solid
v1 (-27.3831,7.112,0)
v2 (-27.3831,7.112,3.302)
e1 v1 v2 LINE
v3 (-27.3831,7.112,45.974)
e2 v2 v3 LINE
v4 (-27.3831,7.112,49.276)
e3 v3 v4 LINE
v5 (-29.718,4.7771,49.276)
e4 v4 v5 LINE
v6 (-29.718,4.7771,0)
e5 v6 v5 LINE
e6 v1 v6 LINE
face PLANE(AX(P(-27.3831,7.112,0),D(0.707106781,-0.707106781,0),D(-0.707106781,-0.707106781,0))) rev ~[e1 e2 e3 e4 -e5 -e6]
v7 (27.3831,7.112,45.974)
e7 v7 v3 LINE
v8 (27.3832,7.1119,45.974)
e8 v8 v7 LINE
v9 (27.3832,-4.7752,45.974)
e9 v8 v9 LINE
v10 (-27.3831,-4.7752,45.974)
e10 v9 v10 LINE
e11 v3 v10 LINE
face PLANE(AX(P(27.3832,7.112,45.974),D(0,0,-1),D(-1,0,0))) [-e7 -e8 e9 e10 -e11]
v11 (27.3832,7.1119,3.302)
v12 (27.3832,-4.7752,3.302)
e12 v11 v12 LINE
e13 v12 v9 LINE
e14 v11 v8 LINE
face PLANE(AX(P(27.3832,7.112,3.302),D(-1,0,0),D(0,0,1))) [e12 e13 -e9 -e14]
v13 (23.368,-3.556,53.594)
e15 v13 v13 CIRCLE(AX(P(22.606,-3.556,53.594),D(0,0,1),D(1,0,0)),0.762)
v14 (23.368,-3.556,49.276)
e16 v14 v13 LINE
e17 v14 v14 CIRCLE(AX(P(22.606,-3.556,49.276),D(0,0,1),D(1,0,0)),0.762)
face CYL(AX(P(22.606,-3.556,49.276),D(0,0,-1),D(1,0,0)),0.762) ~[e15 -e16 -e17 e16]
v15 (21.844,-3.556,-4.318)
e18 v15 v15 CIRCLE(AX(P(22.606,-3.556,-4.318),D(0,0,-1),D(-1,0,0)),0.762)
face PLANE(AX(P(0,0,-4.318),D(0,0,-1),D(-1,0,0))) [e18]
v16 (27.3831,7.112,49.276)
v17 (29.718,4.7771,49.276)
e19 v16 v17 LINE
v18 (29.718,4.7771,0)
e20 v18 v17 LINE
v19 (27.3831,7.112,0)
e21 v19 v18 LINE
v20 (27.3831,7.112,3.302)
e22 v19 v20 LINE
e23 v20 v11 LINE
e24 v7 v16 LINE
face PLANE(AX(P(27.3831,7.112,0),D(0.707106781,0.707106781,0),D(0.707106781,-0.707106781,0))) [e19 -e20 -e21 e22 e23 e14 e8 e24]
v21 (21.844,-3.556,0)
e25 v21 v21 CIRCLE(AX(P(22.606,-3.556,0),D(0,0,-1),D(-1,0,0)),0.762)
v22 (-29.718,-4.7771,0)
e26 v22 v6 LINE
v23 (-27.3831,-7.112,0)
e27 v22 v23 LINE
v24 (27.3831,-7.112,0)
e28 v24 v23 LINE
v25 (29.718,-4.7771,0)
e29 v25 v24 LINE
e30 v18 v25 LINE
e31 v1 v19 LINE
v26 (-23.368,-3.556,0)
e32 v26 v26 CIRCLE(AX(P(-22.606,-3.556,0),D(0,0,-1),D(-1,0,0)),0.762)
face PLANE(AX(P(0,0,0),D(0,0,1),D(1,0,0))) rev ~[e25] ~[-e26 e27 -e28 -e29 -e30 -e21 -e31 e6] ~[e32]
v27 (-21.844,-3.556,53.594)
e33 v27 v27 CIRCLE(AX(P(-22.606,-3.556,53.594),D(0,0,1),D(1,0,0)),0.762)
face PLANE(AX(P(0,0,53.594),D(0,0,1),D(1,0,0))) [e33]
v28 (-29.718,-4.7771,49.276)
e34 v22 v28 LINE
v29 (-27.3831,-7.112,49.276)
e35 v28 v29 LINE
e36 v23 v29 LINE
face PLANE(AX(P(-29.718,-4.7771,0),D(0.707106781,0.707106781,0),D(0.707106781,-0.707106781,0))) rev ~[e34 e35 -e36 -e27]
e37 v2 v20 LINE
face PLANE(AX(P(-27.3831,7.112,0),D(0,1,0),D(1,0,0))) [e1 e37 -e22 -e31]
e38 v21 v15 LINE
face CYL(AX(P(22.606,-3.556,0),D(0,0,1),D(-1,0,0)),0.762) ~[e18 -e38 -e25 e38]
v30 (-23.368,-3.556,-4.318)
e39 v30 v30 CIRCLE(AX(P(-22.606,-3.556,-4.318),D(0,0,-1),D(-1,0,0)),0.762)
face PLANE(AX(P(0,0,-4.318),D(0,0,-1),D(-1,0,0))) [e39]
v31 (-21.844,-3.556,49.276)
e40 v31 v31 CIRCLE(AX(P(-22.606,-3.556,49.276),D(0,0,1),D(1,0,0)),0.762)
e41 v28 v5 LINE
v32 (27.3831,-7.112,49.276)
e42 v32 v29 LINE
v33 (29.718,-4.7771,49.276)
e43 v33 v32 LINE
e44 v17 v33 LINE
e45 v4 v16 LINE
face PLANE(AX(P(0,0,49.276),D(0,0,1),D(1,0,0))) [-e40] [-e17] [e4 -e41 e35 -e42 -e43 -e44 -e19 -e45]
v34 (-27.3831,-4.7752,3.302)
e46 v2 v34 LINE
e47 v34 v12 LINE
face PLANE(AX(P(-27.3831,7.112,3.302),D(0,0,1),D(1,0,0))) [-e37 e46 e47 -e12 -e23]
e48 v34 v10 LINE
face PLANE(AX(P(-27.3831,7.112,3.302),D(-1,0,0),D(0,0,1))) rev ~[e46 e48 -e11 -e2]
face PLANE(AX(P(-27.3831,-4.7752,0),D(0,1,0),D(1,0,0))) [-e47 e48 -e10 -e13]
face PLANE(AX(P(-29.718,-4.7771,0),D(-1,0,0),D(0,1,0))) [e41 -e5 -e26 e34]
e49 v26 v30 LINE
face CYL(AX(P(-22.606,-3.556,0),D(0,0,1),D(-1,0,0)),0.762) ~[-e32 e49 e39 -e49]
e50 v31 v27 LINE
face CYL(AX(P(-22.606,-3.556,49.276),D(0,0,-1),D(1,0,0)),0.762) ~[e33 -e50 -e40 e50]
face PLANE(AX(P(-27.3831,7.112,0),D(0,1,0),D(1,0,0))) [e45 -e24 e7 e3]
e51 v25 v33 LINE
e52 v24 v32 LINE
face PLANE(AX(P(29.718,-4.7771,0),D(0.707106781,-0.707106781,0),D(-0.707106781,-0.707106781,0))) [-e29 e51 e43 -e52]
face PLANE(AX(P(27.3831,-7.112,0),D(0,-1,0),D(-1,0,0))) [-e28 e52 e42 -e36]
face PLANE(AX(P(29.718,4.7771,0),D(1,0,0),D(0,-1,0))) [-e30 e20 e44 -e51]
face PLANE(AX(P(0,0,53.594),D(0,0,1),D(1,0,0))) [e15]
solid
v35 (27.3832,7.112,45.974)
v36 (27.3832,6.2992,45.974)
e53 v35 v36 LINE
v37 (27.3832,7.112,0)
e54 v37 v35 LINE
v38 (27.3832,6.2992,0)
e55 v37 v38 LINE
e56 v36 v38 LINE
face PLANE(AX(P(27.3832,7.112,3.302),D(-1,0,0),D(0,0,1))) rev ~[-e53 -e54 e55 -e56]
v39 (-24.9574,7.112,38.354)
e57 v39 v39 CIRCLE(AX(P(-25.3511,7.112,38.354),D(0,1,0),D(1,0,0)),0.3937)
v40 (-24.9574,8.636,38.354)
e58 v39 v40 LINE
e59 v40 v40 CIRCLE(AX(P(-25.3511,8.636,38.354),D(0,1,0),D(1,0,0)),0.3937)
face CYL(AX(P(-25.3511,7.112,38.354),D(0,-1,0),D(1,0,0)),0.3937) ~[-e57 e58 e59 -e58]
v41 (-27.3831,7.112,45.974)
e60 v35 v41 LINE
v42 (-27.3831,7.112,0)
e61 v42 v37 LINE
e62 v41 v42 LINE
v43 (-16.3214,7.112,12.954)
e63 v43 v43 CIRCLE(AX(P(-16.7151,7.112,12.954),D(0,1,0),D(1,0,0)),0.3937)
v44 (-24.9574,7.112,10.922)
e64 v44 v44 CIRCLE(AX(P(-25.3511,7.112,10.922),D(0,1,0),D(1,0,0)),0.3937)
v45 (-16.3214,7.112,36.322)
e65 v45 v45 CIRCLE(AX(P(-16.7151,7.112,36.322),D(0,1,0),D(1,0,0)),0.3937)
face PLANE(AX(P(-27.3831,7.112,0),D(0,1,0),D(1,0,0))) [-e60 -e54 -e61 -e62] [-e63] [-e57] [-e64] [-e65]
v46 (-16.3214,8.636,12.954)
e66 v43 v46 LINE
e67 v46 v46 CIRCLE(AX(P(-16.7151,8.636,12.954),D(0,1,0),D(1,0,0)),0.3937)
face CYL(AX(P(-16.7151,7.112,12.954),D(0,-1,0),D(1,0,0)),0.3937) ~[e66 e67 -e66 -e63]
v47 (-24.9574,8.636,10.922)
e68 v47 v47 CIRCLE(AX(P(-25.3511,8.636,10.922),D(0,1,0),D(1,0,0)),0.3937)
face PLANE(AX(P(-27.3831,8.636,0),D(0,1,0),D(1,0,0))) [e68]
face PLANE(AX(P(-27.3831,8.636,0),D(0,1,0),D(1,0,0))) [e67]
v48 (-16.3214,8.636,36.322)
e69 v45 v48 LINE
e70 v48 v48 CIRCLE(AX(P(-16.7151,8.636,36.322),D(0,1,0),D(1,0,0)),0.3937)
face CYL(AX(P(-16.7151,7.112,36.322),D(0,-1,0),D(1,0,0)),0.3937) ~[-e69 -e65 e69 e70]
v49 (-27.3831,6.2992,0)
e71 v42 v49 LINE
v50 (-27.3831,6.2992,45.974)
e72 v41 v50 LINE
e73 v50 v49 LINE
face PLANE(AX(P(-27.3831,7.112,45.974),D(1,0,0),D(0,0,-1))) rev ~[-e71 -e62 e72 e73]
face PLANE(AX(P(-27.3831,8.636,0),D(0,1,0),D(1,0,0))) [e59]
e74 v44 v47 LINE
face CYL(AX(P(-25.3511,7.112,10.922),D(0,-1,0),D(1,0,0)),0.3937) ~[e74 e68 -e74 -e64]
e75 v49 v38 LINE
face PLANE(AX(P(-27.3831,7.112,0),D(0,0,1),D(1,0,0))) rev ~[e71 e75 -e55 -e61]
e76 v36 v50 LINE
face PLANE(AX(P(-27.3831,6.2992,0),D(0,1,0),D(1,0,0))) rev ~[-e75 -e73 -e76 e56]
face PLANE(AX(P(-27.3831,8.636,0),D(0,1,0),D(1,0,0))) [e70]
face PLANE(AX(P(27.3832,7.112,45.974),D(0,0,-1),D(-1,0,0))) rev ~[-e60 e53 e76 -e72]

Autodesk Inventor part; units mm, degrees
ref_plane "YZ Plane" through (0, 0, 0) normal (1, 0, 0) x (0, 1, 0)
ref_plane "XZ Plane" through (0, 0, 0) normal (0, 1, 0) x (-1, 0, 0)
ref_plane "XY Plane" through (0, 0, 0) normal (0, 0, 1) x (1, 0, 0)
sketch "Sketch1" plane through (0, 0, 0) normal (0, 0, 1) x (1, 0, 0)
  line L0 (-27.3831, 7.112) -> (27.3831, 7.112)
  line L1 (29.718, 4.7771) -> (29.718, -4.7771)
  line L2 (27.3831, -7.112) -> (-27.3831, -7.112)
  line L3 (-29.718, -4.7771) -> (-29.718, 4.7771)
  line L4 (-27.3831, 7.112) -> (-29.718, 4.7771)
  line L5 (-29.718, -4.7771) -> (-27.3831, -7.112)
  line L6 (27.3831, 7.112) -> (29.718, 4.7771)
  line L7 (29.718, -4.7771) -> (27.3831, -7.112)
  point P0 (0, 0)
  point P1 (-29.718, 7.112)
  point P2 (29.718, -7.112)
  point P3 (29.718, 7.112)
  point P4 (-29.718, -7.112)
  point P5 (29.718, 0)
  point P6 (0, 7.112)
  dimension "d0" = 59.436
  dimension "d1" = 14.224
  dimension "d4" = 3.302
  dimension "d5" = 135
  dimension "d7" = 45
  dimension "d8" = 3.302
  dimension "d10" = 45
  dimension "d11" = 3.302
  dimension "d13" = 45
  dimension "d14" = 3.302
extrude "Extrusion1" add sketch "Sketch1" along normal blind 49.276
sketch "Sketch2" plane through (0, 0, 49.276) normal (0, 0, 1) x (1, 0, 0)
  circle A0 centre (-22.606, -3.556) radius 0.762
  line L0 (-27.3831, -7.112) -> (27.3831, -7.112) projected
  circle A1 centre (22.606, -3.556) radius 0.762
  line L1 (-29.718, 4.7771) -> (-29.718, -4.7771) projected
  line L2 (29.718, -4.7771) -> (29.718, 4.7771) projected
  point P0 (0, 0)
  dimension "d17" = 3.556
  dimension "d18" = 3.556
  dimension "d19" = 1.524
  dimension "d20" = 1.524
  dimension "d21" = 7.112
  dimension "d22" = 7.112
extrude "Extrusion2" add sketch "Sketch2" along normal blind 4.318
sketch "Sketch3" plane through (0, 0, 0) normal (0, 0, -1) x (-1, 0, 0)
  circle A0 centre (22.606, -3.556) radius 0.762 projected
  circle A1 centre (-22.606, -3.556) radius 0.762 projected
  circle A2 centre (-22.606, -3.556) radius 0.762
  circle A3 centre (22.606, -3.556) radius 0.762
  point P0 (0, 0)
extrude "Extrusion3" add sketch "Sketch3" along normal blind 4.318
sketch "Sketch4" plane through (-27.3831, 7.112, 0) normal (0, 1, 0) x (1, 0, 0)
  line L0 (0, 0) -> (0, -49.276) projected
  line L1 (54.7663, 0) -> (54.7663, -49.276) projected
  line L2 (0, -3.302) -> (54.7663, -3.302)
  line L3 (54.7663, -3.302) -> (54.7663, -45.974)
  line L4 (54.7663, -45.974) -> (0, -45.974)
  line L5 (0, -45.974) -> (0, -3.302)
  point P0 (27.3831, 0)
  dimension "d30" = 42.672
  dimension "d31" = 3.302
extrude "Extrusion4" cut sketch "Sketch4" against normal blind 11.8872
sketch "Sketch5" plane through (-27.3831, 7.112, 0) normal (0, 1, 0) x (1, 0, 0)
  line L0 (0, 0) -> (-2.3349, 0) projected
  line L1 (54.7663, -3.302) -> (54.7663, -45.974) projected
  line L2 (0, 0) -> (54.7663, 0)
  line L3 (54.7663, 0) -> (54.7663, -45.974)
  line L4 (54.7663, -45.974) -> (0, -45.974)
  line L5 (0, -45.974) -> (0, 0)
  point P0 (27.3831, 0)
extrude "Extrusion5" add sketch "Sketch5" against normal blind 0.8128 separate body
sketch "Sketch6" plane through (-27.3831, 7.112, 0) normal (0, 1, 0) x (1, 0, 0)
  line L0 (0, -3.302) -> (0, -45.974) projected
  line L1 (54.7663, -3.302) -> (54.7663, -45.974) projected
  line L2 (54.7663, -49.276) -> (0, -49.276) projected
  line L3 (54.7663, 0) -> (0, 0) projected
  line L4 (0, 0) -> (0, -3.302) projected
  line L5 (0, -45.974) -> (0, -49.276) projected
  line L6 (54.7663, -45.974) -> (54.7663, -49.276) projected
  line L7 (54.7663, 0) -> (54.7663, -3.302) projected
  circle A0 centre (1.778, -44.704) radius 0.3937
  circle A1 centre (1.778, -4.572) radius 0.3937
  circle A2 centre (52.9883, -44.704) radius 0.3937
  circle A3 centre (52.9883, -4.572) radius 0.3937
  circle A4 centre (2.032, -38.354) radius 0.3937
  circle A5 centre (2.032, -10.922) radius 0.3937
  circle A6 centre (10.668, -36.322) radius 0.3937
  circle A7 centre (10.668, -12.954) radius 0.3937
  point P0 (27.3831, 0)
  point P1 (20.7303, -8.4836)
  point P2 (41.8123, -8.4836)
  point P3 (25.5563, -17.78)
  point P4 (48.1623, -17.78)
  point P5 (48.1623, -39.37)
  point P6 (25.5563, -39.37)
  dimension "d40" = 21.082
  dimension "d43" = 12.954
  dimension "d48" = 1.778
  dimension "d49" = 1.778
  dimension "d50" = 1.778
  dimension "d51" = 1.778
  dimension "d53" = 22.606
  dimension "d55" = 22.606
  dimension "d56" = 21.59
  dimension "d57" = 21.59
  dimension "d62" = 6.604
  dimension "d74" = 2.032
  dimension "d77" = 8.636
  dimension "d78" = 8.636
  dimension "d79" = 2.032
  dimension "d80" = 2.032
  dimension "d83" = 4.572
  dimension "d84" = 4.572
  dimension "d85" = 4.572
  dimension "d86" = 4.572
  dimension "d87" = 0.7874
  dimension "d88" = 0.7874
  dimension "d89" = 0.7874
  dimension "d90" = 0.7874
  dimension "d91" = 0.7874
  dimension "d92" = 0.7874
  dimension "d93" = 0.7874
  dimension "d94" = 0.7874
  dimension "d95" = 10.922
  dimension "d96" = 10.922
extrude "Extrusion6" add sketch "Sketch6" along normal blind 1.524 contours A4 | A5 | A6 | A7 bodies 2
equation "\"d18\" = d17"
equation "\"d22\" = d21"
equation "\"d48\" = d49"
equation "\"d50\" = d48"
equation "\"d51\" = d48"
equation "\"d55\" = d53"
equation "\"d57\" = d56"
equation "\"d78\" = d77"
equation "\"d80\" = d79"
equation "\"d84\" = d83"
equation "\"d85\" = d83"
equation "\"d86\" = d83"
properties part number "Chassis"
